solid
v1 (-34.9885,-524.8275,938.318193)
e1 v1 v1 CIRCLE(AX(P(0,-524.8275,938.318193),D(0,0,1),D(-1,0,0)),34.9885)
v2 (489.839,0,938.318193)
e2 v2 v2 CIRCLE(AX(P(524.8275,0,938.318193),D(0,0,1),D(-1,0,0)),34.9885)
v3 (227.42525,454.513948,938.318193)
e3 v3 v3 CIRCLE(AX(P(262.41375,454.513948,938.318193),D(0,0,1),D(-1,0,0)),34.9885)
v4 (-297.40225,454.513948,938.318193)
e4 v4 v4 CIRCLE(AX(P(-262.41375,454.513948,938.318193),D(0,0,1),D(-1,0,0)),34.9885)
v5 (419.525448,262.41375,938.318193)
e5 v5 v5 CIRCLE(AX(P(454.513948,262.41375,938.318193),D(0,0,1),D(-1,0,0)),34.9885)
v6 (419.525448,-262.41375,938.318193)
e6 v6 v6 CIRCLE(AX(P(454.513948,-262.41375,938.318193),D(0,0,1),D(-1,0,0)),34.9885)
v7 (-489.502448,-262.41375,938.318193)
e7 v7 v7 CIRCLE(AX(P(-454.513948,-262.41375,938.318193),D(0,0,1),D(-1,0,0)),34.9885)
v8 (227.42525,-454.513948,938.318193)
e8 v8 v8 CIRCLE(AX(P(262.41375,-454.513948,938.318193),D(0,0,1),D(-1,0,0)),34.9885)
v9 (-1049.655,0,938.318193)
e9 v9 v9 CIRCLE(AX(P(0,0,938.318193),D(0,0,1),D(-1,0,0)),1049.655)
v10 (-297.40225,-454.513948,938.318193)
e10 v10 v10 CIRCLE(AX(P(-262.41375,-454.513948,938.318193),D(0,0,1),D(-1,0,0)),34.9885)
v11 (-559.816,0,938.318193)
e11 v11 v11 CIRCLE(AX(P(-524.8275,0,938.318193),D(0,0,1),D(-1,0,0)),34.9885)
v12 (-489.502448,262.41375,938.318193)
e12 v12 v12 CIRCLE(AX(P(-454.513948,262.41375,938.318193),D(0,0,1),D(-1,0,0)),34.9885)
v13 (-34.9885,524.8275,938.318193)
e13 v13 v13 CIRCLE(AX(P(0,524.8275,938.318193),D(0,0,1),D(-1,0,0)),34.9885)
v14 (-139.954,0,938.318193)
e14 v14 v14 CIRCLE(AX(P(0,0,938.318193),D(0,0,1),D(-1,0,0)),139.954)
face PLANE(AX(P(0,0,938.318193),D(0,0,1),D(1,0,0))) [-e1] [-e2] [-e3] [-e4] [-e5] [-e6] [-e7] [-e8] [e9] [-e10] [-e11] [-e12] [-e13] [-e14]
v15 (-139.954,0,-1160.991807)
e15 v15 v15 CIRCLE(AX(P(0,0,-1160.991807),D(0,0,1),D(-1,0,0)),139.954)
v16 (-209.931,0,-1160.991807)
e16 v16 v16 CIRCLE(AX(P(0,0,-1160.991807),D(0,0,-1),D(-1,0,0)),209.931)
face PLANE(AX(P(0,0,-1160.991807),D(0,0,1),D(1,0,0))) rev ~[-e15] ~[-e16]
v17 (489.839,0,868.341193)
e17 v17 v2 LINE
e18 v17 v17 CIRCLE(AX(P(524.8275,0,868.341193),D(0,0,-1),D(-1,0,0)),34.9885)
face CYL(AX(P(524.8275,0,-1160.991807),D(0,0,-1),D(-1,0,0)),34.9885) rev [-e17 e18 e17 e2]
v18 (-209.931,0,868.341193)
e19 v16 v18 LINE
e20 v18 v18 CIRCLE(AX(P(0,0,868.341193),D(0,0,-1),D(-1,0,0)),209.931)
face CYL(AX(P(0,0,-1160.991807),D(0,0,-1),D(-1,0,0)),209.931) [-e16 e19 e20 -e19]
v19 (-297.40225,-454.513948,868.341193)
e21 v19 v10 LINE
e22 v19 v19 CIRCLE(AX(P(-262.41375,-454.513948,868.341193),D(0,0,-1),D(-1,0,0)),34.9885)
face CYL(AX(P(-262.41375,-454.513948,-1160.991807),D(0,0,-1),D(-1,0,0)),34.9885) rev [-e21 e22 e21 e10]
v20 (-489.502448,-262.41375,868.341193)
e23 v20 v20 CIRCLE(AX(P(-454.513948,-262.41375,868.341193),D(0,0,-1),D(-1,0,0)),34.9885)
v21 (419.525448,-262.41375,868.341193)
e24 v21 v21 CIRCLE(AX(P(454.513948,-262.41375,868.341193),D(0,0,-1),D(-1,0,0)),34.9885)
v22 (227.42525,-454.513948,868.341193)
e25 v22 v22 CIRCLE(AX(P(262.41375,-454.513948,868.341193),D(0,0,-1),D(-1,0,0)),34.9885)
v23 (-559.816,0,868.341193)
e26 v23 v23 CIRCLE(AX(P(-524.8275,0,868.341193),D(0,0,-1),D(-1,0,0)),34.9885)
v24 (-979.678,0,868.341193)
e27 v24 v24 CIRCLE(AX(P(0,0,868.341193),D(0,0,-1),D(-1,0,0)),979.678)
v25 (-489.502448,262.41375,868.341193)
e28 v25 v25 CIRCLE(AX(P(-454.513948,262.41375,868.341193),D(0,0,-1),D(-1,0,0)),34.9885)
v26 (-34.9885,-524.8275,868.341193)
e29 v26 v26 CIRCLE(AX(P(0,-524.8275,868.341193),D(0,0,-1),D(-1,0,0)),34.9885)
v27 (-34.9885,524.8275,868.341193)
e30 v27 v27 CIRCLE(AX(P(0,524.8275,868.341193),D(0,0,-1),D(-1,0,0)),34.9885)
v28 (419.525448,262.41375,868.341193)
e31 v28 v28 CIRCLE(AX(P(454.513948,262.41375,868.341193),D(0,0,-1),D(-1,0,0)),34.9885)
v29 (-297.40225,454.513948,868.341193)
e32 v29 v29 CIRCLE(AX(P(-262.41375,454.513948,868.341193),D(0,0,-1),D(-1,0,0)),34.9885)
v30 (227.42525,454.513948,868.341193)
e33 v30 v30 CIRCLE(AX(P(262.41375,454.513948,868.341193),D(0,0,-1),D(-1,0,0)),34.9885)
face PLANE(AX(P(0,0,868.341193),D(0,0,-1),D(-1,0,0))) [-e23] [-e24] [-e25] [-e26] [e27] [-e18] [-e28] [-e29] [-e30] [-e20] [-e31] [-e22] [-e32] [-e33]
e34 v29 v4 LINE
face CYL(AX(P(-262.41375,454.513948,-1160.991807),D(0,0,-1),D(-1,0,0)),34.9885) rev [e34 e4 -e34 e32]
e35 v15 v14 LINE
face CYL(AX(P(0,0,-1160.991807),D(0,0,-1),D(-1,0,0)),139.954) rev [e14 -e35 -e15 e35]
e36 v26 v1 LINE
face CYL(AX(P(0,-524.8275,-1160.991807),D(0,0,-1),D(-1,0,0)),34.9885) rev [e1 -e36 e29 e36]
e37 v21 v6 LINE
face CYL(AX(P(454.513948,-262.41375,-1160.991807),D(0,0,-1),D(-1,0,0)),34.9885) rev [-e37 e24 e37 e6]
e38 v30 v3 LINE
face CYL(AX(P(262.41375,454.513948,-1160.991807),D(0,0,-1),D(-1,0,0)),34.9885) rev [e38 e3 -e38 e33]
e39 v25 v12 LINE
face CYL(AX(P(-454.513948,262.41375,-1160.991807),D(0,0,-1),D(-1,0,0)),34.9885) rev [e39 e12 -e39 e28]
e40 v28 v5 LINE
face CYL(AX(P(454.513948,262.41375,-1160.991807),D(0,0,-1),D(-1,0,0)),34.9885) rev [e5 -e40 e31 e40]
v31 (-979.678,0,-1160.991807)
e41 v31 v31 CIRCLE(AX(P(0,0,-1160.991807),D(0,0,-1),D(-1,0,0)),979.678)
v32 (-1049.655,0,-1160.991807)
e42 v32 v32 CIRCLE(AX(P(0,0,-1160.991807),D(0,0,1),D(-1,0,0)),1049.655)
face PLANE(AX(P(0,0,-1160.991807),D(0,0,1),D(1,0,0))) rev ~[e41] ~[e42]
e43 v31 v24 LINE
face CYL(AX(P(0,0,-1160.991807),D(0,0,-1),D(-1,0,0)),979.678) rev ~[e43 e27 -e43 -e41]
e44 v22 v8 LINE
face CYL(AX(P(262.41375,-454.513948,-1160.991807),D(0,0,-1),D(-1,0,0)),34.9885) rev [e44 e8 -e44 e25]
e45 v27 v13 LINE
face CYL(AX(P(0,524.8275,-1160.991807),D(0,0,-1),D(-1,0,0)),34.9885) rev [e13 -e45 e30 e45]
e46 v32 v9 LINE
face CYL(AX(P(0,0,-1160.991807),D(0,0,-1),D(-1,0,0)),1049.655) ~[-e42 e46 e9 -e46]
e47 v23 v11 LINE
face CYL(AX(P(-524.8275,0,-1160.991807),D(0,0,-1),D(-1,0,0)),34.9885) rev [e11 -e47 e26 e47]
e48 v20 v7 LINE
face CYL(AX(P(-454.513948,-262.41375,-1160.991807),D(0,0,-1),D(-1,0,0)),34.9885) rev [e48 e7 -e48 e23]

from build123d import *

# Parameters (mm, degrees)
SKETCH1_R           = 38.1
SKETCH1_R_2         = 35.56
SKETCH1_R_3         = 1.27
SKETCH1_R_4         = 7.62
SKETCH1_R_5         = 5.08
BOSS_EXTRUDE1_DEPTH = 76.2
SKETCH3_R           = 35.56
SKETCH3_R_2         = 7.62
SKETCH3_R_3         = 1.27
CUT_EXTRUDE1_DEPTH  = 73.66
SCALE3_SCALE        = 29
SCALE4_SCALE        = 0.95


with BuildPart() as part:
    # Sketch1 → Boss-Extrude1 (new body)
    # profile 1 of 3: a face of its own
    with BuildSketch(Plane.XY):
        with Locations(Location((0, 0, 0), (0, 0, 180))):
            Circle(SKETCH1_R)
        Circle(SKETCH1_R_2, mode=Mode.SUBTRACT)
    # profile 2 of 3: a face of its own
    with BuildSketch(Plane.XY):
        Circle(SKETCH1_R_2)
        with Locations(Location((-9.525, 16.497783942, 0), (0, 0, 180))):
            Circle(SKETCH1_R_3, mode=Mode.SUBTRACT)
        with Locations(Location((-16.497783942, 9.525, 0), (0, 0, 180))):
            Circle(SKETCH1_R_3, mode=Mode.SUBTRACT)
        with Locations(Location((-19.05, 0, 0), (0, 0, 180))):
            Circle(SKETCH1_R_3, mode=Mode.SUBTRACT)
        with Locations(Location((-16.497783942, -9.525, 0), (0, 0, 180))):
            Circle(SKETCH1_R_3, mode=Mode.SUBTRACT)
        with Locations(Location((-9.525, -16.497783942, 0), (0, 0, 180))):
            Circle(SKETCH1_R_3, mode=Mode.SUBTRACT)
        with Locations(Location((0, -19.05, 0), (0, 0, 180))):
            Circle(SKETCH1_R_3, mode=Mode.SUBTRACT)
        with Locations(Location((9.525, -16.497783942, 0), (0, 0, 180))):
            Circle(SKETCH1_R_3, mode=Mode.SUBTRACT)
        with Locations(Location((16.497783942, -9.525, 0), (0, 0, 180))):
            Circle(SKETCH1_R_3, mode=Mode.SUBTRACT)
        with Locations(Location((19.05, 0, 0), (0, 0, 180))):
            Circle(SKETCH1_R_3, mode=Mode.SUBTRACT)
        with Locations(Location((16.497783942, 9.525, 0), (0, 0, 180))):
            Circle(SKETCH1_R_3, mode=Mode.SUBTRACT)
        with Locations(Location((9.525, 16.497783942, 0), (0, 0, 180))):
            Circle(SKETCH1_R_3, mode=Mode.SUBTRACT)
        with Locations(Location((0, 19.05, 0), (0, 0, 180))):
            Circle(SKETCH1_R_3, mode=Mode.SUBTRACT)
        Circle(SKETCH1_R_4, mode=Mode.SUBTRACT)
    # profile 3 of 3: a face of its own
    with BuildSketch(Plane.XY):
        Circle(SKETCH1_R_4)
        with Locations(Location((0, 0, 0), (0, 0, 180))):
            Circle(SKETCH1_R_5, mode=Mode.SUBTRACT)
    extrude(amount=BOSS_EXTRUDE1_DEPTH)

    # Sketch3 → Cut-Extrude1 (cut)
    with BuildSketch(Plane(origin=(0, 0, 0), x_dir=(-1, 0, 0), z_dir=(0, 0, -1))):
        Circle(SKETCH3_R)
        Circle(SKETCH3_R_2, mode=Mode.SUBTRACT)
        with Locations((16.497783942, 9.525)):
            Circle(SKETCH3_R_3, mode=Mode.SUBTRACT)
        with Locations((16.497783942, -9.525)):
            Circle(SKETCH3_R_3, mode=Mode.SUBTRACT)
        with Locations((0, -19.05)):
            Circle(SKETCH3_R_3, mode=Mode.SUBTRACT)
        with Locations((-16.497783942, -9.525)):
            Circle(SKETCH3_R_3, mode=Mode.SUBTRACT)
        with Locations((-16.497783942, 9.525)):
            Circle(SKETCH3_R_3, mode=Mode.SUBTRACT)
        with Locations((0, 19.05)):
            Circle(SKETCH3_R_3, mode=Mode.SUBTRACT)
        with Locations((-9.525, 16.497783942)):
            Circle(SKETCH3_R_3, mode=Mode.SUBTRACT)
        with Locations((-19.05, 0)):
            Circle(SKETCH3_R_3, mode=Mode.SUBTRACT)
        with Locations((-9.525, -16.497783942)):
            Circle(SKETCH3_R_3, mode=Mode.SUBTRACT)
        with Locations((9.525, -16.497783942)):
            Circle(SKETCH3_R_3, mode=Mode.SUBTRACT)
        with Locations((19.05, 0)):
            Circle(SKETCH3_R_3, mode=Mode.SUBTRACT)
        with Locations((9.525, 16.497783942)):
            Circle(SKETCH3_R_3, mode=Mode.SUBTRACT)
    extrude(amount=-CUT_EXTRUDE1_DEPTH, mode=Mode.SUBTRACT)


with BuildPart() as part_1:
    # Scale3: scaled about (0, 0, 43.728504983)
    add(part.part.scale(SCALE3_SCALE).moved(Location((0, 0, -1224.398139524))))


with BuildPart() as part_2:
    # Scale4: scaled about (0, 0, 43.728504994)
    add(part_1.part.scale(SCALE4_SCALE).moved(Location((0, 0, 2.18642525))))


solid = part_2.part
